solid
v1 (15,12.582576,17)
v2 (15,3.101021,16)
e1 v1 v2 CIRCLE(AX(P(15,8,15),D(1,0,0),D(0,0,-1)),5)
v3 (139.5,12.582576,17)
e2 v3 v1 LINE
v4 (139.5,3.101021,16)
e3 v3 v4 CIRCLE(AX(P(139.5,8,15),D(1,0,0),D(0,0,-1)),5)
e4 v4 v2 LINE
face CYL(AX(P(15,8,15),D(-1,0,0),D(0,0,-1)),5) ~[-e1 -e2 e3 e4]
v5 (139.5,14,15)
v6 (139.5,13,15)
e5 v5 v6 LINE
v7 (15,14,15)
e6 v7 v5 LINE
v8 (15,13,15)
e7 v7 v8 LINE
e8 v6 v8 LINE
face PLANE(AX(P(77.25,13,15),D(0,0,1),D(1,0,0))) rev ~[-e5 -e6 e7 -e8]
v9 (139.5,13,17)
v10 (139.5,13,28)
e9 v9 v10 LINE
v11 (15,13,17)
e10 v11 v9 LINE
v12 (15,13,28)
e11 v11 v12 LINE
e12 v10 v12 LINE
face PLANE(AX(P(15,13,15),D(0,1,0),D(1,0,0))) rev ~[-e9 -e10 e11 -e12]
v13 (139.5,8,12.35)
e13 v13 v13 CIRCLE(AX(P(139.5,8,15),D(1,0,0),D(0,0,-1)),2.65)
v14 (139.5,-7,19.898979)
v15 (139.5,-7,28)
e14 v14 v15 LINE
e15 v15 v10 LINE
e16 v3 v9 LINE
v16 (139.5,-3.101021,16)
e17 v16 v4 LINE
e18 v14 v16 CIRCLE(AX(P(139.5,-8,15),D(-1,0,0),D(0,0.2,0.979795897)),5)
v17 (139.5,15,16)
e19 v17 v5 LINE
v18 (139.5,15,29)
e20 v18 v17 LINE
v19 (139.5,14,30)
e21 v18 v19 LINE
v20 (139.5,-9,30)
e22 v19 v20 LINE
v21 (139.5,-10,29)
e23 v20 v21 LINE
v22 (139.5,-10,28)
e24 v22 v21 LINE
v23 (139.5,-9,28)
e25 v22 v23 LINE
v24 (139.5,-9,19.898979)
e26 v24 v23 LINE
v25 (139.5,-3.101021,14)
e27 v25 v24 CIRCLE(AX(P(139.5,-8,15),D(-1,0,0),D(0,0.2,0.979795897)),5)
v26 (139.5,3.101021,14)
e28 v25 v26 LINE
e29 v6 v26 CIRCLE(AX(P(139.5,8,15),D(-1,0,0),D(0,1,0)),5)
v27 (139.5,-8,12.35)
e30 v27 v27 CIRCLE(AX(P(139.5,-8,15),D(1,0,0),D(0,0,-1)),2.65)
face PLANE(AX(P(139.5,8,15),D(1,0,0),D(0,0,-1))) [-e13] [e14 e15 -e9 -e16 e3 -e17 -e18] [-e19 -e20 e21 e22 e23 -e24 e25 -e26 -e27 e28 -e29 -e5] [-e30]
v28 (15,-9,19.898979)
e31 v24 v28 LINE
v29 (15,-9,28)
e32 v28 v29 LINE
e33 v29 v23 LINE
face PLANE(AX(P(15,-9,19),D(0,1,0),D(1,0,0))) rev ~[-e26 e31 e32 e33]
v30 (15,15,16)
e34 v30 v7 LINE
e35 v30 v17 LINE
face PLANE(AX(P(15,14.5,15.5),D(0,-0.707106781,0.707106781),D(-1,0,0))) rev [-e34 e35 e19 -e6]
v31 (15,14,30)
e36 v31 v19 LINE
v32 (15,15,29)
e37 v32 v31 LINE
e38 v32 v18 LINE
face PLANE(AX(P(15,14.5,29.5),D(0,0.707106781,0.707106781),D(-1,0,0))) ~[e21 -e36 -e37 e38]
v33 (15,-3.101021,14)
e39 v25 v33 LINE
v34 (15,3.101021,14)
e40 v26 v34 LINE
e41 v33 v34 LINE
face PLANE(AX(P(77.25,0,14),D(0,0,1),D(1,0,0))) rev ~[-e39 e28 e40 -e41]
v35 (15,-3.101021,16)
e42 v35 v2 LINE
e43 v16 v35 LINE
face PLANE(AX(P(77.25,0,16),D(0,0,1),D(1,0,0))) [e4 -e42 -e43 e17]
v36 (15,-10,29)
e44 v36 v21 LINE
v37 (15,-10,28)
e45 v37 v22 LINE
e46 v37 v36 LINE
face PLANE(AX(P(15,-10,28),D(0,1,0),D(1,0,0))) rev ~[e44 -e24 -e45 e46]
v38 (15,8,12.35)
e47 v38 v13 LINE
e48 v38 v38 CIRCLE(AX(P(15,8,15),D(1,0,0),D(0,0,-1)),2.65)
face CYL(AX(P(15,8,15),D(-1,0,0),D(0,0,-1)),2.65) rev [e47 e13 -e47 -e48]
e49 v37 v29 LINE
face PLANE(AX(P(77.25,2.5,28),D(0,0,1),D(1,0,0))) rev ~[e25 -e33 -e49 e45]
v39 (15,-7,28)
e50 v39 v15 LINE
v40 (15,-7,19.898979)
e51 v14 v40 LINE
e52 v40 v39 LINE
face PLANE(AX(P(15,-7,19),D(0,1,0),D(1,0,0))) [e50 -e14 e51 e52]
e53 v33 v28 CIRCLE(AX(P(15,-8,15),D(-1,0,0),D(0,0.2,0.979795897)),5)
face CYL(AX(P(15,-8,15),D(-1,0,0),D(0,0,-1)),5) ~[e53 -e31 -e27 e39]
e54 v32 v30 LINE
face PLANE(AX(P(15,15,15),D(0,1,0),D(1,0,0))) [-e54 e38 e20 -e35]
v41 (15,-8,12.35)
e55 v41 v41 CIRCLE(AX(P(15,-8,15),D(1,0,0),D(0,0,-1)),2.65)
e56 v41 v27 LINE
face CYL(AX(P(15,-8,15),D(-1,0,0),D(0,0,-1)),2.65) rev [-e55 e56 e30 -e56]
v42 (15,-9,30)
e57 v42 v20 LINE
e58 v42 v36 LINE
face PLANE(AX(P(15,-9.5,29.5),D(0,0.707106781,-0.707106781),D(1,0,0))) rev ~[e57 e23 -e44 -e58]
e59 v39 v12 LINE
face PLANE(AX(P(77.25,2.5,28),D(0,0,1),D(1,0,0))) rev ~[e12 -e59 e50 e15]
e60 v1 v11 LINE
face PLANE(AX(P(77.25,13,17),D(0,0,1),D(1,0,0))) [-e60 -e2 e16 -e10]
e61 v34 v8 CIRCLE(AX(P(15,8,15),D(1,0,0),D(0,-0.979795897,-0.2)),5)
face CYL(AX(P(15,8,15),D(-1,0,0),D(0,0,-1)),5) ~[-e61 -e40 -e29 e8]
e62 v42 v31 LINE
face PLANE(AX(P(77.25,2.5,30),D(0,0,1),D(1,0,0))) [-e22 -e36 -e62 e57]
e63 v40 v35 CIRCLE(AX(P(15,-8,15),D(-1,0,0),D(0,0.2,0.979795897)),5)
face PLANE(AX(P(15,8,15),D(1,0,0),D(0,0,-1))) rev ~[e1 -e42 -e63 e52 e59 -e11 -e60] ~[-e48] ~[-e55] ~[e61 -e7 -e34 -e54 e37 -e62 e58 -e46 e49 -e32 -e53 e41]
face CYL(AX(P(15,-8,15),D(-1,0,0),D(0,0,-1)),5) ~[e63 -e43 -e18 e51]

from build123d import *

# Parameters (mm, degrees)
CYLINDER077_R         = 2.65
CYLINDER077_DEPTH     = 124.5
CYLINDER078_R         = 2.65
CYLINDER078_DEPTH     = 124.5
BOX065_W              = 124.5
BOX065_H              = 2
BOX065_DEPTH          = 10
BOX066_W              = 124.5
BOX066_H              = 2
BOX066_DEPTH          = 15
BOX067_W              = 124.5
BOX067_H              = 25
BOX067_DEPTH          = 2
CHAMFER006057005_SIZE = 1
BOX069_W              = 124.5
BOX069_H              = 8
BOX069_DEPTH          = 2
BOX068_W              = 124.5
BOX068_H              = 2
BOX068_DEPTH          = 2
CYLINDER076_R         = 5
CYLINDER076_DEPTH     = 124.5
CYLINDER075_R         = 5
CYLINDER075_DEPTH     = 124.5


with BuildPart() as cylinder077:
    # Cylinder077 → Cylinder077 (new body)
    with BuildSketch(Plane(origin=(15, 8, 15), x_dir=(0, 0, -1), z_dir=(1, 0, 0))):
        Circle(CYLINDER077_R)
    extrude(amount=CYLINDER077_DEPTH)


with BuildPart() as fusion020006007003002009018004_body:
    # Cylinder078 → Cylinder078 (new body)
    with BuildSketch(Plane(origin=(15, -8, 15), x_dir=(0, 0, -1), z_dir=(1, 0, 0))):
        Circle(CYLINDER078_R)
    extrude(amount=CYLINDER078_DEPTH)

    # Fusion020006007003002009018004004020010005021: union Cylinder077
    add(cylinder077.part)


with BuildPart() as cube065:
    # Box065 → Box065 (new body)
    with BuildSketch(Plane(origin=(15, -9, 19), x_dir=(1, 0, 0), z_dir=(0, 0, 1))):
        with Locations((62.25, 1)):
            Rectangle(BOX065_W, BOX065_H)
    extrude(amount=BOX065_DEPTH)


with BuildPart() as cube066:
    # Box066 → Box066 (new body)
    with BuildSketch(Plane(origin=(15, 13, 15), x_dir=(1, 0, 0), z_dir=(0, 0, 1))):
        with Locations((62.25, 1)):
            Rectangle(BOX066_W, BOX066_H)
    extrude(amount=BOX066_DEPTH)


with BuildPart() as chamfer006057005:
    # Box067 → Box067 (new body)
    with BuildSketch(Plane(origin=(15, -10, 28), x_dir=(1, 0, 0), z_dir=(0, 0, 1))):
        with Locations((62.25, 12.5)):
            Rectangle(BOX067_W, BOX067_H)
    extrude(amount=BOX067_DEPTH)

    # Fusion020006007003002009018004004020010005019: union Cube066
    add(cube066.part)

    # Chamfer006057005
    chamfer006057005_edges = [chamfer006057005.edges().sort_by_distance(p)[0] for p in [
        (77.25, -10, 30),
        (77.25, 15, 30),
        (77.25, 15, 15),
    ]]
    chamfer(chamfer006057005_edges, length=CHAMFER006057005_SIZE)


with BuildPart() as cube069:
    # Box069 → Box069 (new body)
    with BuildSketch(Plane(origin=(15, -4, 14), x_dir=(1, 0, 0), z_dir=(0, 0, 1))):
        with Locations((62.25, 4)):
            Rectangle(BOX069_W, BOX069_H)
    extrude(amount=BOX069_DEPTH)


with BuildPart() as cube068:
    # Box068 → Box068 (new body)
    with BuildSketch(Plane(origin=(15, 12, 15), x_dir=(1, 0, 0), z_dir=(0, 0, 1))):
        with Locations((62.25, 1)):
            Rectangle(BOX068_W, BOX068_H)
    extrude(amount=BOX068_DEPTH)


with BuildPart() as cylinder076:
    # Cylinder076 → Cylinder076 (new body)
    with BuildSketch(Plane(origin=(15, 8, 15), x_dir=(0, 0, -1), z_dir=(1, 0, 0))):
        Circle(CYLINDER076_R)
    extrude(amount=CYLINDER076_DEPTH)


with BuildPart() as top_fb_125mm_wall:
    # Cylinder075 → Cylinder075 (new body)
    with BuildSketch(Plane(origin=(15, -8, 15), x_dir=(0, 0, -1), z_dir=(1, 0, 0))):
        Circle(CYLINDER075_R)
    extrude(amount=CYLINDER075_DEPTH)

    # Fusion020006007003002009018004004020010005020: union Cube065, Chamfer006057005, Cube069, Cube068, Cylinder076
    add(cube065.part)
    add(chamfer006057005.part)
    add(cube069.part)
    add(cube068.part)
    add(cylinder076.part)

    # Cut019003010004002005007003: cut Fusion020006007003002009018004 body
    add(fusion020006007003002009018004_body.part, mode=Mode.SUBTRACT)


solid = top_fb_125mm_wall.part
